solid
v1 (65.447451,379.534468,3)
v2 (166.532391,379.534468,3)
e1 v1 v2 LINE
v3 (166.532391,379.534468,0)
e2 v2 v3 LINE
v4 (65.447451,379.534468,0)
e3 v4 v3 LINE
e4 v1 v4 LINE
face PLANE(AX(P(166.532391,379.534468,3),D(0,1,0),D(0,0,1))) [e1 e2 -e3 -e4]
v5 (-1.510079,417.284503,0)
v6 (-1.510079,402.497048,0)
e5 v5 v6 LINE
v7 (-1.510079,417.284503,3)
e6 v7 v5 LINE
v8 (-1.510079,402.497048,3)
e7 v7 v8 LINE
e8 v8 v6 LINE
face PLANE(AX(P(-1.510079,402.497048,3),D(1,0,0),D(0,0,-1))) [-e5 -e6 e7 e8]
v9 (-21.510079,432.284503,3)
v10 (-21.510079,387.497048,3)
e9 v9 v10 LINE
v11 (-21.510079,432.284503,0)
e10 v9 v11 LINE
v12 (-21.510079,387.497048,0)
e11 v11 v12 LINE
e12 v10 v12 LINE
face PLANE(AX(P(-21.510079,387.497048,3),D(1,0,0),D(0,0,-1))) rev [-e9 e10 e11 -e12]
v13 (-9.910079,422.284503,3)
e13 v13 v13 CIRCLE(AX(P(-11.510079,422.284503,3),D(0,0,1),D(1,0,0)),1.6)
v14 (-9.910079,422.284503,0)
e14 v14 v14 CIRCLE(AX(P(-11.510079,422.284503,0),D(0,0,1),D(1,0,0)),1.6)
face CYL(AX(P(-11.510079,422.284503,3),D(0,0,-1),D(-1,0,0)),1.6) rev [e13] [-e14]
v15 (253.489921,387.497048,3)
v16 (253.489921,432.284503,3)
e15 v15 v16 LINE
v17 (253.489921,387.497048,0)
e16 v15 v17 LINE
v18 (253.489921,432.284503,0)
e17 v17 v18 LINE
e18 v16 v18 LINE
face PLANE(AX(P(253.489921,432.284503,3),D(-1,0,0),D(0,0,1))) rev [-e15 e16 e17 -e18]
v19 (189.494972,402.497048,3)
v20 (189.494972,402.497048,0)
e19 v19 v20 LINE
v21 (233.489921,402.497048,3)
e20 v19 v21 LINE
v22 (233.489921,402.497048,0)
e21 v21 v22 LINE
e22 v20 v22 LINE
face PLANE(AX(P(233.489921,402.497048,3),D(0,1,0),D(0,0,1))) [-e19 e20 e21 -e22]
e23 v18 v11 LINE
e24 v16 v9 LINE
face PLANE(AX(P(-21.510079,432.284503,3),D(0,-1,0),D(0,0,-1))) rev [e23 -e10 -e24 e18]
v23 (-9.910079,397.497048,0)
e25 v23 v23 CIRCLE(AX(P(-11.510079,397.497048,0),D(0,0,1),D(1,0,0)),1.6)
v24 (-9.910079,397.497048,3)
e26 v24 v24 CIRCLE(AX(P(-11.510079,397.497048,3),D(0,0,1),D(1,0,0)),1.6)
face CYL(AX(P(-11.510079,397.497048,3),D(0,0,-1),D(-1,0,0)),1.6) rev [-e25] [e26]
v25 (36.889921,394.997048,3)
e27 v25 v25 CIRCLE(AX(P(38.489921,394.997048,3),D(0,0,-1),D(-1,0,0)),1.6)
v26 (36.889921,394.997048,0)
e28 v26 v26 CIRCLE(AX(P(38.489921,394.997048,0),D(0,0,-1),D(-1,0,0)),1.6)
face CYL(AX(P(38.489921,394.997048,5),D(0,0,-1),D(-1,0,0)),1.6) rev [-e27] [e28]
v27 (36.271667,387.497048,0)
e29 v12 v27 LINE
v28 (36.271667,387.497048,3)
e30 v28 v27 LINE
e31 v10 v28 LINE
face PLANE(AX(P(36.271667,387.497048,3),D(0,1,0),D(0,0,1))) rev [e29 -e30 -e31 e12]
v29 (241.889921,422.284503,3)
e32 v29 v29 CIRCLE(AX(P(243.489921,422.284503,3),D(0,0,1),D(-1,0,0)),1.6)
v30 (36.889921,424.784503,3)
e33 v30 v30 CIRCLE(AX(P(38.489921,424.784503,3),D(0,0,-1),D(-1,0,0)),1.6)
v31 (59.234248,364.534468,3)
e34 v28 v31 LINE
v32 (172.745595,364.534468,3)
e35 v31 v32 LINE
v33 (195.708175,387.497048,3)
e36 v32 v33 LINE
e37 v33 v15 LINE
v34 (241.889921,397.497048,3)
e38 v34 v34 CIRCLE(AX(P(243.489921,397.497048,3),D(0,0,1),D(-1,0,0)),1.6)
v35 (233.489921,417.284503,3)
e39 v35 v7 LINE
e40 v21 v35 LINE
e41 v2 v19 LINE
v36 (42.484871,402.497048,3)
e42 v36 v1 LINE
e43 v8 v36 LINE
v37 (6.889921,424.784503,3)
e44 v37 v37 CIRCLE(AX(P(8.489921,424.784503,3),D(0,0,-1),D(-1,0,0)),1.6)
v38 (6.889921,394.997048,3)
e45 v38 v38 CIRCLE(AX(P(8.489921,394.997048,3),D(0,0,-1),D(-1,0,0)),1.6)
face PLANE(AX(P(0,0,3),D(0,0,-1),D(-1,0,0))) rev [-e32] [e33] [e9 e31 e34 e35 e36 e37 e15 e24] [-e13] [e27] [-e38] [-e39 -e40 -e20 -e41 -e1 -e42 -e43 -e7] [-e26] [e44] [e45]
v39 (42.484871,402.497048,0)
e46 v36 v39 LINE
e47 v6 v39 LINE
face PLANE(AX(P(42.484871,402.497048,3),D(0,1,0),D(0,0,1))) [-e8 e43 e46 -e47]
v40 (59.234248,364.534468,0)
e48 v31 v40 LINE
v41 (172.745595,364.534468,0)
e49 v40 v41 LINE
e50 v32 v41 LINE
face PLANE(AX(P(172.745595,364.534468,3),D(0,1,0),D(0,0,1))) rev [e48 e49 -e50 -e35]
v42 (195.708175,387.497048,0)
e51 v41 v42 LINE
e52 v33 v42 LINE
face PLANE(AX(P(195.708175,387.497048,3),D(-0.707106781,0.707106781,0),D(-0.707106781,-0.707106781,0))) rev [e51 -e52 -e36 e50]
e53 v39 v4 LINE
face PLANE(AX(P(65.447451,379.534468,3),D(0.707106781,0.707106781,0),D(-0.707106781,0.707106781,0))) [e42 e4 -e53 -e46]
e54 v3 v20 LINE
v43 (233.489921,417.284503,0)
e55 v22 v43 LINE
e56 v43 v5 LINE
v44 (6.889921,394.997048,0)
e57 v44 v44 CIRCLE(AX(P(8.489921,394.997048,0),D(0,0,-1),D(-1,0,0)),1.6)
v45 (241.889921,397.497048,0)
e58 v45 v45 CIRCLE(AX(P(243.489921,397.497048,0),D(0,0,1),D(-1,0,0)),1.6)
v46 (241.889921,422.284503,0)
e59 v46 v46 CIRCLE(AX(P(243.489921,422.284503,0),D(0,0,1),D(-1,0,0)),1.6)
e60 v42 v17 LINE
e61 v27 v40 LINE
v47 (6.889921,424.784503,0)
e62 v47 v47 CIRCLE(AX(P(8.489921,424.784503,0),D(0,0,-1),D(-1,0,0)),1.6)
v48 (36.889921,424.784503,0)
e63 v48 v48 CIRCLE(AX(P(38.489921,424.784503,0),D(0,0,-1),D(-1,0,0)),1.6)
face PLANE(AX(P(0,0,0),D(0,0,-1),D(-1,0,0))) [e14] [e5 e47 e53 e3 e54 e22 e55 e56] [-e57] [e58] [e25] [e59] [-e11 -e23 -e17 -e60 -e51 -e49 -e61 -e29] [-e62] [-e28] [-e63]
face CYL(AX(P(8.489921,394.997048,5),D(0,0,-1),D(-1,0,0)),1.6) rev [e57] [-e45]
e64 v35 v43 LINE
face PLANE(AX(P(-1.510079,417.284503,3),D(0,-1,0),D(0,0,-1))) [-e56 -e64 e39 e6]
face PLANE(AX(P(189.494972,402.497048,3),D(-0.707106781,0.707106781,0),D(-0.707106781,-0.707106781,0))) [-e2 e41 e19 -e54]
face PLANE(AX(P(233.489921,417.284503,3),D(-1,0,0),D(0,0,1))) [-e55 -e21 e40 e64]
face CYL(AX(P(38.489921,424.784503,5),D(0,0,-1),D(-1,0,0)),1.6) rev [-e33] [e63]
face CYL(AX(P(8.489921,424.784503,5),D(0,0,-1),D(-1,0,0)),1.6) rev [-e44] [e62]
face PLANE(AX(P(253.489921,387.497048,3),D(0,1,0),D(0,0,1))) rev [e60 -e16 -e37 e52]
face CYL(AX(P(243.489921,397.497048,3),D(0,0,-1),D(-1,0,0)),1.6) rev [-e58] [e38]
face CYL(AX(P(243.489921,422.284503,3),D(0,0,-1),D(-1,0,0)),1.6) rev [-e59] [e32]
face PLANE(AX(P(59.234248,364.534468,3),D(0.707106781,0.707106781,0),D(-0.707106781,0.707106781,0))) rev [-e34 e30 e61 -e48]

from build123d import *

# Parameters (mm, degrees)
SKETCH1_R          = 1.6
EXTRUDE1_DEPTH     = 3
SKETCH2_R          = 1.6
CUT_EXTRUDE1_DEPTH = 5


with BuildPart() as part:
    # Sketch1 → Extrude1 (new body)
    with BuildSketch(Plane.XY):
        Polygon((-21.510078765, 432.284503285), (253.489921235, 432.284503285), (253.489921235, 387.497048214), (195.708175305, 387.497048214), (172.745594885, 364.534467794), (59.234247585, 364.534467794), (36.271667166, 387.497048214), (-21.510078765, 387.497048214), align=None)
        with Locations((-11.510078765, 422.284503285)):
            Circle(SKETCH1_R, mode=Mode.SUBTRACT)
        with Locations((-11.510078765, 397.497048214)):
            Circle(SKETCH1_R, mode=Mode.SUBTRACT)
        with Locations((243.489921235, 397.497048214)):
            Circle(SKETCH1_R, mode=Mode.SUBTRACT)
        with Locations((243.489921235, 422.284503285)):
            Circle(SKETCH1_R, mode=Mode.SUBTRACT)
        Polygon((-1.510078765, 417.284503285), (233.489921235, 417.284503285), (233.489921235, 402.497048214), (189.494971869, 402.497048214), (166.53239145, 379.534467794), (65.44745102, 379.534467794), (42.484870601, 402.497048214), (-1.510078765, 402.497048214), align=None, mode=Mode.SUBTRACT)
    extrude(amount=EXTRUDE1_DEPTH)

    # Sketch2 → Cut-Extrude1 (cut)
    with BuildSketch(Plane(origin=(0, 0, 0), x_dir=(-1, 0, 0), z_dir=(0, 0, -1))):
        with Locations((-38.489921235, 424.784503285)):
            Circle(SKETCH2_R)
        with Locations((-8.489921235, 424.784503285)):
            Circle(SKETCH2_R)
        with Locations((-38.489921235, 394.997048214)):
            Circle(SKETCH2_R)
        with Locations((-8.489921235, 394.997048214)):
            Circle(SKETCH2_R)
    extrude(amount=-CUT_EXTRUDE1_DEPTH, mode=Mode.SUBTRACT)


solid = part.part
